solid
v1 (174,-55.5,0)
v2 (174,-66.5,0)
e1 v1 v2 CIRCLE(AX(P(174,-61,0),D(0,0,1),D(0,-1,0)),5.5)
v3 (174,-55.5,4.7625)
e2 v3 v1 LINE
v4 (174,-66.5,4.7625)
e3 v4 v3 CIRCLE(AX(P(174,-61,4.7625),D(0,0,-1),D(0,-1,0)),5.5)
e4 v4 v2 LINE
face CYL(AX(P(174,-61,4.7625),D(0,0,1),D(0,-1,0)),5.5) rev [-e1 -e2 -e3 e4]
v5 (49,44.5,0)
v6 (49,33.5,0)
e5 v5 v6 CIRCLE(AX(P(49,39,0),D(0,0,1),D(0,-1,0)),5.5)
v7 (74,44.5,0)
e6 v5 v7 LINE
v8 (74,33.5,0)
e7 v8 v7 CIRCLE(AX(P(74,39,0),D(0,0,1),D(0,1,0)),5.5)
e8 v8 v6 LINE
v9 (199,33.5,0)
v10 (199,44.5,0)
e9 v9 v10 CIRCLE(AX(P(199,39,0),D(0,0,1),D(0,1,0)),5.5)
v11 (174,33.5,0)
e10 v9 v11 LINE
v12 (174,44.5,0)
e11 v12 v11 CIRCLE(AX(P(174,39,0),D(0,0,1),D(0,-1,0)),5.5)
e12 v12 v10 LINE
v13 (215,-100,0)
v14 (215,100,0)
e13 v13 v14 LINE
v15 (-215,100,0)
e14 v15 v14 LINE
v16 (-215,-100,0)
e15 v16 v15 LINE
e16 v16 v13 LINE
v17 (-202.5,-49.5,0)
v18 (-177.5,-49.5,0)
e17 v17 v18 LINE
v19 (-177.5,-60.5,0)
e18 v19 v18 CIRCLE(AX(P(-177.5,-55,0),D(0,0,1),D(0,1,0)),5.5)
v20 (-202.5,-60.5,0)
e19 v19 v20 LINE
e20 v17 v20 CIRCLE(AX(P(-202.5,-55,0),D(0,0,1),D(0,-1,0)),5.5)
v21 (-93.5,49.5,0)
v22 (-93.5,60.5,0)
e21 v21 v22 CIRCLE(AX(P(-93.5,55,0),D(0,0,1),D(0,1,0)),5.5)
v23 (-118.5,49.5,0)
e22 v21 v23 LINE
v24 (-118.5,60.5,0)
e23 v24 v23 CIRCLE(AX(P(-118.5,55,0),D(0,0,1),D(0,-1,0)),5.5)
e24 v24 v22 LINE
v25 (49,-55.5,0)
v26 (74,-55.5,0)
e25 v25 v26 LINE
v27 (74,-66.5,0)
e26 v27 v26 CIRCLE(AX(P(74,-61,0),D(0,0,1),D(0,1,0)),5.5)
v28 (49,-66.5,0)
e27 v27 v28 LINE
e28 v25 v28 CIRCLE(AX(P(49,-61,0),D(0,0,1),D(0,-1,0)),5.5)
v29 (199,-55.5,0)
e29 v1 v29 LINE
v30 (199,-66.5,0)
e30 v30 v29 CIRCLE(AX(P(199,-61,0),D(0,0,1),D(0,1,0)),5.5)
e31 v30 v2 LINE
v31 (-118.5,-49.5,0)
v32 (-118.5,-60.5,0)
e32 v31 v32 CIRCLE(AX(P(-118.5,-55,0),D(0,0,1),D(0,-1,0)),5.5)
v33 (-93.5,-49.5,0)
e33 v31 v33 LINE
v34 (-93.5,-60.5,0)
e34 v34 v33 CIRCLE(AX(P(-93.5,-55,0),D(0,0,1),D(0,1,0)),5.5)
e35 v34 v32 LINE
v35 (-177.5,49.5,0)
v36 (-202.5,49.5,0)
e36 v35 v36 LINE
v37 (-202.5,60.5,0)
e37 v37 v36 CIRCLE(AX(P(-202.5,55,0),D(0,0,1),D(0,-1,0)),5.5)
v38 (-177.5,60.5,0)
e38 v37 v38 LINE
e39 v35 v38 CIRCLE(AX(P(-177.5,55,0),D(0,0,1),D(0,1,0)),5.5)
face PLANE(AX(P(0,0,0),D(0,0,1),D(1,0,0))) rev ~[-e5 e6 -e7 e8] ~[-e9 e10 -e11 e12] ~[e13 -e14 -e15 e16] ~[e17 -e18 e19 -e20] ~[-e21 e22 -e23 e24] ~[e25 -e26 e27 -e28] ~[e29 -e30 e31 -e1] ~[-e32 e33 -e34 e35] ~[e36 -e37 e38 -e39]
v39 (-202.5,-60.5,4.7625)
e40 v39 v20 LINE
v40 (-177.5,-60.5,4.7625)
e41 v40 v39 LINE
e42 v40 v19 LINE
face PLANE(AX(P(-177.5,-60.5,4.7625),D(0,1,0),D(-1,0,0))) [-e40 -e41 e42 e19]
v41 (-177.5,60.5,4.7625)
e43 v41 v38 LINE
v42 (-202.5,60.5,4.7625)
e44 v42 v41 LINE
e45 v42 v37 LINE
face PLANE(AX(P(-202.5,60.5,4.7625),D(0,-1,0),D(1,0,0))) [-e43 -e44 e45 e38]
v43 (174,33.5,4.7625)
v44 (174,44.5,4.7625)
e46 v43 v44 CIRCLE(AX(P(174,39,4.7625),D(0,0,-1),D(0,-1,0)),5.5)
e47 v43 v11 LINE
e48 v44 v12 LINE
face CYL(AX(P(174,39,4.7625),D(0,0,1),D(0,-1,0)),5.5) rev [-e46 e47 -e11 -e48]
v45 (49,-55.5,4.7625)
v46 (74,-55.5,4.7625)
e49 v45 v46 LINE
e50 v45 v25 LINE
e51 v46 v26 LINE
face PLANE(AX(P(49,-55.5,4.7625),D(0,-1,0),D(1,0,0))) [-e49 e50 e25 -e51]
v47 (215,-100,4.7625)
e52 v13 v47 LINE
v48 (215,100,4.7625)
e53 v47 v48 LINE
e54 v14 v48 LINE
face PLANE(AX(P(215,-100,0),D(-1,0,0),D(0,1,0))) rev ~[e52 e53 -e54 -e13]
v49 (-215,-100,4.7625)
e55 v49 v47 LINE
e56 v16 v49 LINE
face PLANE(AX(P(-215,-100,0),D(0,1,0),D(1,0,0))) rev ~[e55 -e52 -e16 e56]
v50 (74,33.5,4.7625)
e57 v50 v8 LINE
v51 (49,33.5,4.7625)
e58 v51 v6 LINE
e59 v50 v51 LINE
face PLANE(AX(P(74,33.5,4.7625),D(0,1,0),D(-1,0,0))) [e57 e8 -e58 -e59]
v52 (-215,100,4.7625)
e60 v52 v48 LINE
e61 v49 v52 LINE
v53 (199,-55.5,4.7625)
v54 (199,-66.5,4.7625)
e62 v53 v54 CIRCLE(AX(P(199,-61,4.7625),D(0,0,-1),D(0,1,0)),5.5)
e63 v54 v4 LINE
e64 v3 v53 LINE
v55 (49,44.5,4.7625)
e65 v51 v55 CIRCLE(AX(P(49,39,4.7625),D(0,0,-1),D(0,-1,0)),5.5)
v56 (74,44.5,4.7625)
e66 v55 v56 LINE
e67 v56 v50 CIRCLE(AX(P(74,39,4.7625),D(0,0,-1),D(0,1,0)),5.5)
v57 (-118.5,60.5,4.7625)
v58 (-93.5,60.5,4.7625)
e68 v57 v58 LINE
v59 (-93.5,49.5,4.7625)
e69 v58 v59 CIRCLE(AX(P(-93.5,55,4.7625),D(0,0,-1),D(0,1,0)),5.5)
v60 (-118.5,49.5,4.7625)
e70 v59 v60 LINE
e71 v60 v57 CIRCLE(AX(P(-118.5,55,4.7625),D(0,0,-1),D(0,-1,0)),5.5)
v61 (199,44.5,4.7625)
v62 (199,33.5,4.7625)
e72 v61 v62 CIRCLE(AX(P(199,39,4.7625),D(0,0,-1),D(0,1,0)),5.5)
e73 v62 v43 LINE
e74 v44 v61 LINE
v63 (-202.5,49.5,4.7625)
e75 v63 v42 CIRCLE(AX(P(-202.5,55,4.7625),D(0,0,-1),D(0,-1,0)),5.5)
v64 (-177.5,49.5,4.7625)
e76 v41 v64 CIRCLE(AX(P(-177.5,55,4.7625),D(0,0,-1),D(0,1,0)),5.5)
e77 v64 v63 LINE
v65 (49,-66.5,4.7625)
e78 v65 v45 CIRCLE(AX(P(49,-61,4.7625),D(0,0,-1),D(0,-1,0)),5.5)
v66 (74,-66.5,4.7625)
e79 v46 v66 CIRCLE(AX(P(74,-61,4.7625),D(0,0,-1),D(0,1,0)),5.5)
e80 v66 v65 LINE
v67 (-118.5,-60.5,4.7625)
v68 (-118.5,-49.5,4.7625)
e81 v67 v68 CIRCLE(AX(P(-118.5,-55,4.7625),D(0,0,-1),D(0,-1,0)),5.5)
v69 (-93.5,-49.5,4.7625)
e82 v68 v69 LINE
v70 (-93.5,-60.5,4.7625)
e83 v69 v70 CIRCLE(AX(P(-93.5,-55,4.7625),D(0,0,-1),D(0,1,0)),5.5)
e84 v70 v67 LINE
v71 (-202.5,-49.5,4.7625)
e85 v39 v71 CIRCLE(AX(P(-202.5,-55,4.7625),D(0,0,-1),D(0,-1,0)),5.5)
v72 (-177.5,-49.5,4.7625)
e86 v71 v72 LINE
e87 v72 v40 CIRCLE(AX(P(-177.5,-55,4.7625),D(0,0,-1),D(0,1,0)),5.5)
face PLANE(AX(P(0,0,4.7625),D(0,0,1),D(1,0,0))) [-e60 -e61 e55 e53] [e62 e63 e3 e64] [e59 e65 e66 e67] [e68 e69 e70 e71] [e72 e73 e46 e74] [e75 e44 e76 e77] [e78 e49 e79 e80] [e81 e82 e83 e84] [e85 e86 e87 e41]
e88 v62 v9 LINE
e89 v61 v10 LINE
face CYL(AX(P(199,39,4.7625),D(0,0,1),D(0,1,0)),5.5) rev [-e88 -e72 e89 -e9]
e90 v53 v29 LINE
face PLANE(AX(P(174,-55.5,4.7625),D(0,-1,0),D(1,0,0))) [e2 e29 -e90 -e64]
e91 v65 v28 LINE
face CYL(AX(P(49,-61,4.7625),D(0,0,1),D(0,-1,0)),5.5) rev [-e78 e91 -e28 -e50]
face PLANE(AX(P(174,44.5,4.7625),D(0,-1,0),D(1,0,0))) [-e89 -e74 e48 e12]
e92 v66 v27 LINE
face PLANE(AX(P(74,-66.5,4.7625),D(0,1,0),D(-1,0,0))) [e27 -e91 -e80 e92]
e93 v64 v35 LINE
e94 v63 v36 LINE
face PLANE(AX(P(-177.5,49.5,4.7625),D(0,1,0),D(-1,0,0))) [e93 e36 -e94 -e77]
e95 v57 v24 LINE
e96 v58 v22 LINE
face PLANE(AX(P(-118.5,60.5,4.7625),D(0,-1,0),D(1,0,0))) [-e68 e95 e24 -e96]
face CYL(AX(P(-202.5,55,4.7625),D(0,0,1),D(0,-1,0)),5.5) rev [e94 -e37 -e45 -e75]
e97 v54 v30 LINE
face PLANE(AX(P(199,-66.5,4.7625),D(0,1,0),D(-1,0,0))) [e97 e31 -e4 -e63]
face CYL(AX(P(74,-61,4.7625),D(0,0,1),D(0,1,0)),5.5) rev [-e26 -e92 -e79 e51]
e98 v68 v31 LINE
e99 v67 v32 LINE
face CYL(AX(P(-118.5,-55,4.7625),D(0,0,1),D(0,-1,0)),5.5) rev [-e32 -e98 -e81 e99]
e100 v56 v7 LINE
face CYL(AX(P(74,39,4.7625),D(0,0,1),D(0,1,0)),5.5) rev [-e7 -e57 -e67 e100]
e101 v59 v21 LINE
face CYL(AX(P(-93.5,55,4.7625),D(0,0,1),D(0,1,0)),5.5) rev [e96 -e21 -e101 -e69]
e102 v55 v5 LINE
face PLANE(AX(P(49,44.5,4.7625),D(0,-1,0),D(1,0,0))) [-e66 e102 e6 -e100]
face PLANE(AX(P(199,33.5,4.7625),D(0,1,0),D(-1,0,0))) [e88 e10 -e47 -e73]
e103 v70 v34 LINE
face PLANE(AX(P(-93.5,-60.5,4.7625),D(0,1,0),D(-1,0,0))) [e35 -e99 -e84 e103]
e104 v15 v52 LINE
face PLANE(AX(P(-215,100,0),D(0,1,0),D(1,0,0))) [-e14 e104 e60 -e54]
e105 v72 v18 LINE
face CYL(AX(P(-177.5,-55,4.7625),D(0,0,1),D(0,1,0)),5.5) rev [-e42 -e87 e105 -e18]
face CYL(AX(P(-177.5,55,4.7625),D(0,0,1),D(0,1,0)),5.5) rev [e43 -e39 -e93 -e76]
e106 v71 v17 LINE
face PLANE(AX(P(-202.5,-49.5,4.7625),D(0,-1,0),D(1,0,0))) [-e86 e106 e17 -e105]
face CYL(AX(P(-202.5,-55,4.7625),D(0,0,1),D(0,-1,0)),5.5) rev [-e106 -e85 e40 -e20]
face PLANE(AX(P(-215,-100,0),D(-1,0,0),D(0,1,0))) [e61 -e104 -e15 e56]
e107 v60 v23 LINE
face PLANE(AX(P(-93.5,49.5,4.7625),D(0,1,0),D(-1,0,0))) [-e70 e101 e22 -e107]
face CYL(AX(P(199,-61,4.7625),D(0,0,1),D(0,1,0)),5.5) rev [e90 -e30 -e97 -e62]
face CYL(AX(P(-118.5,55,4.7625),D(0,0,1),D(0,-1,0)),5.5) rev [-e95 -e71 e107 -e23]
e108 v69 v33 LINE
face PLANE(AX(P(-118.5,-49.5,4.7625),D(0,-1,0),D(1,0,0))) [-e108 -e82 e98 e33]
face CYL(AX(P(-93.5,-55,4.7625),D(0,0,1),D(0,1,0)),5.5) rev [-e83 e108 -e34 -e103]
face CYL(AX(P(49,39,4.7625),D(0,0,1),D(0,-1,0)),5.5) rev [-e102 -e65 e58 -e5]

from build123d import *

# Parameters (mm, degrees)
ESBO_O1_W                = 430
ESBO_O1_H                = 200
RESSALTO_EXTRUS_O1_DEPTH = 4.7625
CORTE_EXTRUS_O1_DEPTH    = 5.7625


with BuildPart() as part:
    # Esboço1 → Ressalto-extrusão1 (new body)
    with BuildSketch(Plane.XY):
        Rectangle(ESBO_O1_W, ESBO_O1_H)
    extrude(amount=RESSALTO_EXTRUS_O1_DEPTH)

    # Esboço2 → Corte-extrusão1 (cut, through all)
    with BuildSketch(Plane.XY.offset(4.7625)):
        with BuildLine():
            Line((-202.5, 60.5), (-177.5, 60.5))
            ThreePointArc((-177.5, 60.5), (-172, 55), (-177.5, 49.5))
            Line((-177.5, 49.5), (-202.5, 49.5))
            ThreePointArc((-202.5, 49.5), (-208, 55), (-202.5, 60.5))
        make_face()
        with BuildLine():
            Line((-93.5, 49.5), (-118.5, 49.5))
            ThreePointArc((-118.5, 49.5), (-124, 55), (-118.5, 60.5))
            Line((-118.5, 60.5), (-93.5, 60.5))
            ThreePointArc((-93.5, 60.5), (-88, 55), (-93.5, 49.5))
        make_face()
        with BuildLine():
            Line((-202.5, -49.5), (-177.5, -49.5))
            ThreePointArc((-177.5, -49.5), (-172, -55), (-177.5, -60.5))
            Line((-177.5, -60.5), (-202.5, -60.5))
            ThreePointArc((-202.5, -60.5), (-208, -55), (-202.5, -49.5))
        make_face()
        with BuildLine():
            Line((-93.5, -60.5), (-118.5, -60.5))
            ThreePointArc((-118.5, -60.5), (-124, -55), (-118.5, -49.5))
            Line((-118.5, -49.5), (-93.5, -49.5))
            ThreePointArc((-93.5, -49.5), (-88, -55), (-93.5, -60.5))
        make_face()
        with BuildLine():
            Line((49, 44.5), (74, 44.5))
            ThreePointArc((74, 44.5), (79.5, 39), (74, 33.5))
            Line((74, 33.5), (49, 33.5))
            ThreePointArc((49, 33.5), (43.5, 39), (49, 44.5))
        make_face()
        with BuildLine():
            Line((199, 33.5), (174, 33.5))
            ThreePointArc((174, 33.5), (168.5, 39), (174, 44.5))
            Line((174, 44.5), (199, 44.5))
            ThreePointArc((199, 44.5), (204.5, 39), (199, 33.5))
        make_face()
        with BuildLine():
            Line((49, -55.5), (74, -55.5))
            ThreePointArc((74, -55.5), (79.5, -61), (74, -66.5))
            Line((74, -66.5), (49, -66.5))
            ThreePointArc((49, -66.5), (43.5, -61), (49, -55.5))
        make_face()
        with BuildLine():
            Line((199, -66.5), (174, -66.5))
            ThreePointArc((174, -66.5), (168.5, -61), (174, -55.5))
            Line((174, -55.5), (199, -55.5))
            ThreePointArc((199, -55.5), (204.5, -61), (199, -66.5))
        make_face()
    extrude(amount=-CORTE_EXTRUS_O1_DEPTH, mode=Mode.SUBTRACT)


solid = part.part
